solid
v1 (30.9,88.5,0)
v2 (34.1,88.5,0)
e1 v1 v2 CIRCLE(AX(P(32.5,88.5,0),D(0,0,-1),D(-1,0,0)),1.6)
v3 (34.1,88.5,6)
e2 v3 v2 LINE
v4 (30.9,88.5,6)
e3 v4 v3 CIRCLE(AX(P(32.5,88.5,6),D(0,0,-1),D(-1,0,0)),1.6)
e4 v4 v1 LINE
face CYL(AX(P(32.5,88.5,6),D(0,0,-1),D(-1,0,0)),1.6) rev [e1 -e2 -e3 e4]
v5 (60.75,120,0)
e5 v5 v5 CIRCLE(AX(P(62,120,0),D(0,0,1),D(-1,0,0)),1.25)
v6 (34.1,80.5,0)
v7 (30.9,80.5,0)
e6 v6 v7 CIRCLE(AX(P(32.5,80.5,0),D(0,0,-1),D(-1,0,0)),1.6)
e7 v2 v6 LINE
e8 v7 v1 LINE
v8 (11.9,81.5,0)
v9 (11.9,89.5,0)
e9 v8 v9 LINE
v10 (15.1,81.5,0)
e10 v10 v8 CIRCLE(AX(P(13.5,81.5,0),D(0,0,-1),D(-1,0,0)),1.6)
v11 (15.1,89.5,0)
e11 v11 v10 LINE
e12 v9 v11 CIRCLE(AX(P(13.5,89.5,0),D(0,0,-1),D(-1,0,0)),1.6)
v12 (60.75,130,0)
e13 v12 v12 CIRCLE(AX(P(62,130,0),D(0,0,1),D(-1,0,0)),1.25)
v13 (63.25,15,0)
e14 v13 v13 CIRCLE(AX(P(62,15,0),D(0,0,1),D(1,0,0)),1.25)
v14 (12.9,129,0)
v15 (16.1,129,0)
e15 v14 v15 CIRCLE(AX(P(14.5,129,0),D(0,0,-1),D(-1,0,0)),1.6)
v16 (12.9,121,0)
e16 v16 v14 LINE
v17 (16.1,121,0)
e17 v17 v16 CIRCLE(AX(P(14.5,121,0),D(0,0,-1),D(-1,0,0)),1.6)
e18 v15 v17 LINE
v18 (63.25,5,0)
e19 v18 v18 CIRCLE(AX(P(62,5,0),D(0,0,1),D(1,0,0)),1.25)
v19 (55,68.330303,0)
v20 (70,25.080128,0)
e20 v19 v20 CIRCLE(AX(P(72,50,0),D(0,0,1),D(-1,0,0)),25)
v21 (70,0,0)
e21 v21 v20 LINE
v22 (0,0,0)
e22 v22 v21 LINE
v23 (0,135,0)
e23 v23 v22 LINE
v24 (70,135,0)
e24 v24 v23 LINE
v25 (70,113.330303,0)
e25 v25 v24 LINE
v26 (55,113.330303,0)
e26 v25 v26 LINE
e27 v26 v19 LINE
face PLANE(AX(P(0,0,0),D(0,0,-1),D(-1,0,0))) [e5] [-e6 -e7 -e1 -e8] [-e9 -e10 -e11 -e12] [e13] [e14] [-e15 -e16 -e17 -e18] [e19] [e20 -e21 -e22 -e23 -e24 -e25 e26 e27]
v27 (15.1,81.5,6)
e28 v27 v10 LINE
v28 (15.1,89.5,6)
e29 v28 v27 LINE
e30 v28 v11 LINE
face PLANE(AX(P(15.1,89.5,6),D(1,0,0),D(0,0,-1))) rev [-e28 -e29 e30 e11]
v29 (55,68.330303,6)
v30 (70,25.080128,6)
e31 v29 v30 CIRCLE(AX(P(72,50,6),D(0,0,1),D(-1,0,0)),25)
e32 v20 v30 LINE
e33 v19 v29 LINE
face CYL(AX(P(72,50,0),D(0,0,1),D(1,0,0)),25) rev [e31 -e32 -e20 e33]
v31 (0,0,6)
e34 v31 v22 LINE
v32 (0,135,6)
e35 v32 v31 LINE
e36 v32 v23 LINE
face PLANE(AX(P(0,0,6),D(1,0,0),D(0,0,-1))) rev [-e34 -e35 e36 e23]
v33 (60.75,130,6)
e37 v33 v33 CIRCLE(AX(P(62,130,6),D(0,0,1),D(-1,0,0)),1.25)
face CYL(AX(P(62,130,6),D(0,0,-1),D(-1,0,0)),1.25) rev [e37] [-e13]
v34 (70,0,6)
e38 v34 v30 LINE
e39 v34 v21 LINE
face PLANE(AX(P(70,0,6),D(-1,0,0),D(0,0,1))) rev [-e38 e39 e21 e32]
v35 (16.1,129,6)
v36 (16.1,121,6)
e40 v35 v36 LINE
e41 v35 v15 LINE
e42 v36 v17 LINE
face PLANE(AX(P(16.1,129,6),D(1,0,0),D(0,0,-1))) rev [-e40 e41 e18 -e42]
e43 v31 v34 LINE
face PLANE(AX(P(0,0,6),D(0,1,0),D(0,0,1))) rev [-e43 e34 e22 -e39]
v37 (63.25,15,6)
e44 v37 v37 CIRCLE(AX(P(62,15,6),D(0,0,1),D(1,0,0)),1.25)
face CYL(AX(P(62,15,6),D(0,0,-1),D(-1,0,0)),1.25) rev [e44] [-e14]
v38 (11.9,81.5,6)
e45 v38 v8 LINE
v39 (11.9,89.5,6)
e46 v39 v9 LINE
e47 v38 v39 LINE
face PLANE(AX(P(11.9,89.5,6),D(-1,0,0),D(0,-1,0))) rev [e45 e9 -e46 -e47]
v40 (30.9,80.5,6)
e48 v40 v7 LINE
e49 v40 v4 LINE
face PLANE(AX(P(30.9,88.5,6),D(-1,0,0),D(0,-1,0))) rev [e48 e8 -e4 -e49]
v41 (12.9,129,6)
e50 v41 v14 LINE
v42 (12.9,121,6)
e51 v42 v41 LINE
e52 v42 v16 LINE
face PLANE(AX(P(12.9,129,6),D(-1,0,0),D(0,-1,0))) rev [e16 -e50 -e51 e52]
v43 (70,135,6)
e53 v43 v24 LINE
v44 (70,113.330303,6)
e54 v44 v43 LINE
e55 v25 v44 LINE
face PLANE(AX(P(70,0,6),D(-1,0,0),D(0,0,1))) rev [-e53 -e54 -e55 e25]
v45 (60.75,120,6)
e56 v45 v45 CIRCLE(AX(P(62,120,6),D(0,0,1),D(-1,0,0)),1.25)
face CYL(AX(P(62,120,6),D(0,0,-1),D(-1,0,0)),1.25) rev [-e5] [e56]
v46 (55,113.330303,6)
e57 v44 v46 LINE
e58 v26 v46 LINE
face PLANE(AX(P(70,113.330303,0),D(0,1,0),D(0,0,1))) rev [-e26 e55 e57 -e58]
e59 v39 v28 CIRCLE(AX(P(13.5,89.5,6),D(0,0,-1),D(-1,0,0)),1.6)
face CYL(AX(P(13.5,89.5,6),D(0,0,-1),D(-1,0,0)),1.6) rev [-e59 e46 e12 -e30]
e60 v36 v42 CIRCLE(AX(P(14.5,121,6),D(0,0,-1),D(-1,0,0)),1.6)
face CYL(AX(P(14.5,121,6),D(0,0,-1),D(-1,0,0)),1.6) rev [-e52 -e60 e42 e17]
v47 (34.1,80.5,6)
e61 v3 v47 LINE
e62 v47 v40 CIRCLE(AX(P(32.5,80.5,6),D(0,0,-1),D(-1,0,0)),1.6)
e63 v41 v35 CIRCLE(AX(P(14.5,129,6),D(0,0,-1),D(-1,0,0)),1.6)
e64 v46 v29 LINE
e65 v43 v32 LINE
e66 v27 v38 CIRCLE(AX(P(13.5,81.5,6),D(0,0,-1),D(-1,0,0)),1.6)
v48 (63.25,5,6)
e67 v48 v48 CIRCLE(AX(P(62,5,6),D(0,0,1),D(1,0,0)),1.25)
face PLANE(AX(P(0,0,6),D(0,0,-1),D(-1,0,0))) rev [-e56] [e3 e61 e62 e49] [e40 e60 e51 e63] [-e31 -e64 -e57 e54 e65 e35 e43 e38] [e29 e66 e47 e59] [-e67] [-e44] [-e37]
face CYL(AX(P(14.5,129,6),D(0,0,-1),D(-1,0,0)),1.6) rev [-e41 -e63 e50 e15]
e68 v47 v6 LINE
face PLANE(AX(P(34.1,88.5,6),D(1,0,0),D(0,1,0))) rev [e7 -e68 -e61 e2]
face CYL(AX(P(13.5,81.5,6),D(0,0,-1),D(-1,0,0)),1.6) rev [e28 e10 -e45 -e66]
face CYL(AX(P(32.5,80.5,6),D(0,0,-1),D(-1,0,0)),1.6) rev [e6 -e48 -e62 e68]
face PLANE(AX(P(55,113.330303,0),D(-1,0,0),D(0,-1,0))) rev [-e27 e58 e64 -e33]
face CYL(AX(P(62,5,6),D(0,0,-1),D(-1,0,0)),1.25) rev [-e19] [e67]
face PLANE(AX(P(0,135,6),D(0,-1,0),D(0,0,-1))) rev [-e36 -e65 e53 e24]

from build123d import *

# Parameters (mm, degrees)
ESQUISSE1_W             = 70
ESQUISSE1_H             = 135
ESQUISSE1_R             = 1.25
BOSS_EXTRU_1_DEPTH      = 6
ENL_V_MAT_EXTRU_2_DEPTH = 153.187384497
ENL_V_MAT_EXTRU_3_DEPTH = 153.187384497


with BuildPart() as part:
    # Esquisse1 → Boss.-Extru.1 (new body)
    with BuildSketch(Plane.XY):
        with Locations((35, 67.5)):
            Rectangle(ESQUISSE1_W, ESQUISSE1_H)
        with Locations((62, 5)):
            Circle(ESQUISSE1_R, mode=Mode.SUBTRACT)
        with Locations((62, 15)):
            Circle(ESQUISSE1_R, mode=Mode.SUBTRACT)
        with Locations(Location((62, 120, 0), (0, 0, 180))):
            Circle(ESQUISSE1_R, mode=Mode.SUBTRACT)
        with Locations(Location((62, 130, 0), (0, 0, 180))):
            Circle(ESQUISSE1_R, mode=Mode.SUBTRACT)
    extrude(amount=BOSS_EXTRU_1_DEPTH)

    # Esquisse3 → Enlèv. mat.-Extru.2 (cut, through all)
    with BuildSketch(Plane.XY.offset(6)):
        with BuildLine():
            Line((70, 25.080128411), (70, 113.33030278))
            Line((70, 113.33030278), (55, 113.33030278))
            Line((55, 113.33030278), (55, 68.33030278))
            ThreePointArc((55, 68.33030278), (48.380211776, 41.80819896), (70, 25.080128411))
        make_face()
    extrude(amount=-ENL_V_MAT_EXTRU_2_DEPTH, mode=Mode.SUBTRACT)

    # Esquisse4 → Enlèv. mat.-Extru.3 (cut, through all)
    with BuildSketch(Plane(origin=(0, 0, 0), x_dir=(-1, 0, 0), z_dir=(0, 0, -1))):
        with BuildLine():
            Line((-12.9, 129), (-12.9, 121))
            ThreePointArc((-12.9, 121), (-14.5, 119.4), (-16.1, 121))
            Line((-16.1, 121), (-16.1, 129))
            ThreePointArc((-16.1, 129), (-14.5, 130.6), (-12.9, 129))
        make_face()
        with BuildLine():
            Line((-11.9, 89.5), (-11.9, 81.5))
            ThreePointArc((-11.9, 81.5), (-13.5, 79.9), (-15.1, 81.5))
            Line((-15.1, 81.5), (-15.1, 89.5))
            ThreePointArc((-15.1, 89.5), (-13.5, 91.1), (-11.9, 89.5))
        make_face()
        with BuildLine():
            Line((-30.9, 88.5), (-30.9, 80.5))
            ThreePointArc((-30.9, 80.5), (-32.5, 78.9), (-34.1, 80.5))
            Line((-34.1, 80.5), (-34.1, 88.5))
            ThreePointArc((-34.1, 88.5), (-32.5, 90.1), (-30.9, 88.5))
        make_face()
    extrude(amount=-ENL_V_MAT_EXTRU_3_DEPTH, mode=Mode.SUBTRACT)


solid = part.part
